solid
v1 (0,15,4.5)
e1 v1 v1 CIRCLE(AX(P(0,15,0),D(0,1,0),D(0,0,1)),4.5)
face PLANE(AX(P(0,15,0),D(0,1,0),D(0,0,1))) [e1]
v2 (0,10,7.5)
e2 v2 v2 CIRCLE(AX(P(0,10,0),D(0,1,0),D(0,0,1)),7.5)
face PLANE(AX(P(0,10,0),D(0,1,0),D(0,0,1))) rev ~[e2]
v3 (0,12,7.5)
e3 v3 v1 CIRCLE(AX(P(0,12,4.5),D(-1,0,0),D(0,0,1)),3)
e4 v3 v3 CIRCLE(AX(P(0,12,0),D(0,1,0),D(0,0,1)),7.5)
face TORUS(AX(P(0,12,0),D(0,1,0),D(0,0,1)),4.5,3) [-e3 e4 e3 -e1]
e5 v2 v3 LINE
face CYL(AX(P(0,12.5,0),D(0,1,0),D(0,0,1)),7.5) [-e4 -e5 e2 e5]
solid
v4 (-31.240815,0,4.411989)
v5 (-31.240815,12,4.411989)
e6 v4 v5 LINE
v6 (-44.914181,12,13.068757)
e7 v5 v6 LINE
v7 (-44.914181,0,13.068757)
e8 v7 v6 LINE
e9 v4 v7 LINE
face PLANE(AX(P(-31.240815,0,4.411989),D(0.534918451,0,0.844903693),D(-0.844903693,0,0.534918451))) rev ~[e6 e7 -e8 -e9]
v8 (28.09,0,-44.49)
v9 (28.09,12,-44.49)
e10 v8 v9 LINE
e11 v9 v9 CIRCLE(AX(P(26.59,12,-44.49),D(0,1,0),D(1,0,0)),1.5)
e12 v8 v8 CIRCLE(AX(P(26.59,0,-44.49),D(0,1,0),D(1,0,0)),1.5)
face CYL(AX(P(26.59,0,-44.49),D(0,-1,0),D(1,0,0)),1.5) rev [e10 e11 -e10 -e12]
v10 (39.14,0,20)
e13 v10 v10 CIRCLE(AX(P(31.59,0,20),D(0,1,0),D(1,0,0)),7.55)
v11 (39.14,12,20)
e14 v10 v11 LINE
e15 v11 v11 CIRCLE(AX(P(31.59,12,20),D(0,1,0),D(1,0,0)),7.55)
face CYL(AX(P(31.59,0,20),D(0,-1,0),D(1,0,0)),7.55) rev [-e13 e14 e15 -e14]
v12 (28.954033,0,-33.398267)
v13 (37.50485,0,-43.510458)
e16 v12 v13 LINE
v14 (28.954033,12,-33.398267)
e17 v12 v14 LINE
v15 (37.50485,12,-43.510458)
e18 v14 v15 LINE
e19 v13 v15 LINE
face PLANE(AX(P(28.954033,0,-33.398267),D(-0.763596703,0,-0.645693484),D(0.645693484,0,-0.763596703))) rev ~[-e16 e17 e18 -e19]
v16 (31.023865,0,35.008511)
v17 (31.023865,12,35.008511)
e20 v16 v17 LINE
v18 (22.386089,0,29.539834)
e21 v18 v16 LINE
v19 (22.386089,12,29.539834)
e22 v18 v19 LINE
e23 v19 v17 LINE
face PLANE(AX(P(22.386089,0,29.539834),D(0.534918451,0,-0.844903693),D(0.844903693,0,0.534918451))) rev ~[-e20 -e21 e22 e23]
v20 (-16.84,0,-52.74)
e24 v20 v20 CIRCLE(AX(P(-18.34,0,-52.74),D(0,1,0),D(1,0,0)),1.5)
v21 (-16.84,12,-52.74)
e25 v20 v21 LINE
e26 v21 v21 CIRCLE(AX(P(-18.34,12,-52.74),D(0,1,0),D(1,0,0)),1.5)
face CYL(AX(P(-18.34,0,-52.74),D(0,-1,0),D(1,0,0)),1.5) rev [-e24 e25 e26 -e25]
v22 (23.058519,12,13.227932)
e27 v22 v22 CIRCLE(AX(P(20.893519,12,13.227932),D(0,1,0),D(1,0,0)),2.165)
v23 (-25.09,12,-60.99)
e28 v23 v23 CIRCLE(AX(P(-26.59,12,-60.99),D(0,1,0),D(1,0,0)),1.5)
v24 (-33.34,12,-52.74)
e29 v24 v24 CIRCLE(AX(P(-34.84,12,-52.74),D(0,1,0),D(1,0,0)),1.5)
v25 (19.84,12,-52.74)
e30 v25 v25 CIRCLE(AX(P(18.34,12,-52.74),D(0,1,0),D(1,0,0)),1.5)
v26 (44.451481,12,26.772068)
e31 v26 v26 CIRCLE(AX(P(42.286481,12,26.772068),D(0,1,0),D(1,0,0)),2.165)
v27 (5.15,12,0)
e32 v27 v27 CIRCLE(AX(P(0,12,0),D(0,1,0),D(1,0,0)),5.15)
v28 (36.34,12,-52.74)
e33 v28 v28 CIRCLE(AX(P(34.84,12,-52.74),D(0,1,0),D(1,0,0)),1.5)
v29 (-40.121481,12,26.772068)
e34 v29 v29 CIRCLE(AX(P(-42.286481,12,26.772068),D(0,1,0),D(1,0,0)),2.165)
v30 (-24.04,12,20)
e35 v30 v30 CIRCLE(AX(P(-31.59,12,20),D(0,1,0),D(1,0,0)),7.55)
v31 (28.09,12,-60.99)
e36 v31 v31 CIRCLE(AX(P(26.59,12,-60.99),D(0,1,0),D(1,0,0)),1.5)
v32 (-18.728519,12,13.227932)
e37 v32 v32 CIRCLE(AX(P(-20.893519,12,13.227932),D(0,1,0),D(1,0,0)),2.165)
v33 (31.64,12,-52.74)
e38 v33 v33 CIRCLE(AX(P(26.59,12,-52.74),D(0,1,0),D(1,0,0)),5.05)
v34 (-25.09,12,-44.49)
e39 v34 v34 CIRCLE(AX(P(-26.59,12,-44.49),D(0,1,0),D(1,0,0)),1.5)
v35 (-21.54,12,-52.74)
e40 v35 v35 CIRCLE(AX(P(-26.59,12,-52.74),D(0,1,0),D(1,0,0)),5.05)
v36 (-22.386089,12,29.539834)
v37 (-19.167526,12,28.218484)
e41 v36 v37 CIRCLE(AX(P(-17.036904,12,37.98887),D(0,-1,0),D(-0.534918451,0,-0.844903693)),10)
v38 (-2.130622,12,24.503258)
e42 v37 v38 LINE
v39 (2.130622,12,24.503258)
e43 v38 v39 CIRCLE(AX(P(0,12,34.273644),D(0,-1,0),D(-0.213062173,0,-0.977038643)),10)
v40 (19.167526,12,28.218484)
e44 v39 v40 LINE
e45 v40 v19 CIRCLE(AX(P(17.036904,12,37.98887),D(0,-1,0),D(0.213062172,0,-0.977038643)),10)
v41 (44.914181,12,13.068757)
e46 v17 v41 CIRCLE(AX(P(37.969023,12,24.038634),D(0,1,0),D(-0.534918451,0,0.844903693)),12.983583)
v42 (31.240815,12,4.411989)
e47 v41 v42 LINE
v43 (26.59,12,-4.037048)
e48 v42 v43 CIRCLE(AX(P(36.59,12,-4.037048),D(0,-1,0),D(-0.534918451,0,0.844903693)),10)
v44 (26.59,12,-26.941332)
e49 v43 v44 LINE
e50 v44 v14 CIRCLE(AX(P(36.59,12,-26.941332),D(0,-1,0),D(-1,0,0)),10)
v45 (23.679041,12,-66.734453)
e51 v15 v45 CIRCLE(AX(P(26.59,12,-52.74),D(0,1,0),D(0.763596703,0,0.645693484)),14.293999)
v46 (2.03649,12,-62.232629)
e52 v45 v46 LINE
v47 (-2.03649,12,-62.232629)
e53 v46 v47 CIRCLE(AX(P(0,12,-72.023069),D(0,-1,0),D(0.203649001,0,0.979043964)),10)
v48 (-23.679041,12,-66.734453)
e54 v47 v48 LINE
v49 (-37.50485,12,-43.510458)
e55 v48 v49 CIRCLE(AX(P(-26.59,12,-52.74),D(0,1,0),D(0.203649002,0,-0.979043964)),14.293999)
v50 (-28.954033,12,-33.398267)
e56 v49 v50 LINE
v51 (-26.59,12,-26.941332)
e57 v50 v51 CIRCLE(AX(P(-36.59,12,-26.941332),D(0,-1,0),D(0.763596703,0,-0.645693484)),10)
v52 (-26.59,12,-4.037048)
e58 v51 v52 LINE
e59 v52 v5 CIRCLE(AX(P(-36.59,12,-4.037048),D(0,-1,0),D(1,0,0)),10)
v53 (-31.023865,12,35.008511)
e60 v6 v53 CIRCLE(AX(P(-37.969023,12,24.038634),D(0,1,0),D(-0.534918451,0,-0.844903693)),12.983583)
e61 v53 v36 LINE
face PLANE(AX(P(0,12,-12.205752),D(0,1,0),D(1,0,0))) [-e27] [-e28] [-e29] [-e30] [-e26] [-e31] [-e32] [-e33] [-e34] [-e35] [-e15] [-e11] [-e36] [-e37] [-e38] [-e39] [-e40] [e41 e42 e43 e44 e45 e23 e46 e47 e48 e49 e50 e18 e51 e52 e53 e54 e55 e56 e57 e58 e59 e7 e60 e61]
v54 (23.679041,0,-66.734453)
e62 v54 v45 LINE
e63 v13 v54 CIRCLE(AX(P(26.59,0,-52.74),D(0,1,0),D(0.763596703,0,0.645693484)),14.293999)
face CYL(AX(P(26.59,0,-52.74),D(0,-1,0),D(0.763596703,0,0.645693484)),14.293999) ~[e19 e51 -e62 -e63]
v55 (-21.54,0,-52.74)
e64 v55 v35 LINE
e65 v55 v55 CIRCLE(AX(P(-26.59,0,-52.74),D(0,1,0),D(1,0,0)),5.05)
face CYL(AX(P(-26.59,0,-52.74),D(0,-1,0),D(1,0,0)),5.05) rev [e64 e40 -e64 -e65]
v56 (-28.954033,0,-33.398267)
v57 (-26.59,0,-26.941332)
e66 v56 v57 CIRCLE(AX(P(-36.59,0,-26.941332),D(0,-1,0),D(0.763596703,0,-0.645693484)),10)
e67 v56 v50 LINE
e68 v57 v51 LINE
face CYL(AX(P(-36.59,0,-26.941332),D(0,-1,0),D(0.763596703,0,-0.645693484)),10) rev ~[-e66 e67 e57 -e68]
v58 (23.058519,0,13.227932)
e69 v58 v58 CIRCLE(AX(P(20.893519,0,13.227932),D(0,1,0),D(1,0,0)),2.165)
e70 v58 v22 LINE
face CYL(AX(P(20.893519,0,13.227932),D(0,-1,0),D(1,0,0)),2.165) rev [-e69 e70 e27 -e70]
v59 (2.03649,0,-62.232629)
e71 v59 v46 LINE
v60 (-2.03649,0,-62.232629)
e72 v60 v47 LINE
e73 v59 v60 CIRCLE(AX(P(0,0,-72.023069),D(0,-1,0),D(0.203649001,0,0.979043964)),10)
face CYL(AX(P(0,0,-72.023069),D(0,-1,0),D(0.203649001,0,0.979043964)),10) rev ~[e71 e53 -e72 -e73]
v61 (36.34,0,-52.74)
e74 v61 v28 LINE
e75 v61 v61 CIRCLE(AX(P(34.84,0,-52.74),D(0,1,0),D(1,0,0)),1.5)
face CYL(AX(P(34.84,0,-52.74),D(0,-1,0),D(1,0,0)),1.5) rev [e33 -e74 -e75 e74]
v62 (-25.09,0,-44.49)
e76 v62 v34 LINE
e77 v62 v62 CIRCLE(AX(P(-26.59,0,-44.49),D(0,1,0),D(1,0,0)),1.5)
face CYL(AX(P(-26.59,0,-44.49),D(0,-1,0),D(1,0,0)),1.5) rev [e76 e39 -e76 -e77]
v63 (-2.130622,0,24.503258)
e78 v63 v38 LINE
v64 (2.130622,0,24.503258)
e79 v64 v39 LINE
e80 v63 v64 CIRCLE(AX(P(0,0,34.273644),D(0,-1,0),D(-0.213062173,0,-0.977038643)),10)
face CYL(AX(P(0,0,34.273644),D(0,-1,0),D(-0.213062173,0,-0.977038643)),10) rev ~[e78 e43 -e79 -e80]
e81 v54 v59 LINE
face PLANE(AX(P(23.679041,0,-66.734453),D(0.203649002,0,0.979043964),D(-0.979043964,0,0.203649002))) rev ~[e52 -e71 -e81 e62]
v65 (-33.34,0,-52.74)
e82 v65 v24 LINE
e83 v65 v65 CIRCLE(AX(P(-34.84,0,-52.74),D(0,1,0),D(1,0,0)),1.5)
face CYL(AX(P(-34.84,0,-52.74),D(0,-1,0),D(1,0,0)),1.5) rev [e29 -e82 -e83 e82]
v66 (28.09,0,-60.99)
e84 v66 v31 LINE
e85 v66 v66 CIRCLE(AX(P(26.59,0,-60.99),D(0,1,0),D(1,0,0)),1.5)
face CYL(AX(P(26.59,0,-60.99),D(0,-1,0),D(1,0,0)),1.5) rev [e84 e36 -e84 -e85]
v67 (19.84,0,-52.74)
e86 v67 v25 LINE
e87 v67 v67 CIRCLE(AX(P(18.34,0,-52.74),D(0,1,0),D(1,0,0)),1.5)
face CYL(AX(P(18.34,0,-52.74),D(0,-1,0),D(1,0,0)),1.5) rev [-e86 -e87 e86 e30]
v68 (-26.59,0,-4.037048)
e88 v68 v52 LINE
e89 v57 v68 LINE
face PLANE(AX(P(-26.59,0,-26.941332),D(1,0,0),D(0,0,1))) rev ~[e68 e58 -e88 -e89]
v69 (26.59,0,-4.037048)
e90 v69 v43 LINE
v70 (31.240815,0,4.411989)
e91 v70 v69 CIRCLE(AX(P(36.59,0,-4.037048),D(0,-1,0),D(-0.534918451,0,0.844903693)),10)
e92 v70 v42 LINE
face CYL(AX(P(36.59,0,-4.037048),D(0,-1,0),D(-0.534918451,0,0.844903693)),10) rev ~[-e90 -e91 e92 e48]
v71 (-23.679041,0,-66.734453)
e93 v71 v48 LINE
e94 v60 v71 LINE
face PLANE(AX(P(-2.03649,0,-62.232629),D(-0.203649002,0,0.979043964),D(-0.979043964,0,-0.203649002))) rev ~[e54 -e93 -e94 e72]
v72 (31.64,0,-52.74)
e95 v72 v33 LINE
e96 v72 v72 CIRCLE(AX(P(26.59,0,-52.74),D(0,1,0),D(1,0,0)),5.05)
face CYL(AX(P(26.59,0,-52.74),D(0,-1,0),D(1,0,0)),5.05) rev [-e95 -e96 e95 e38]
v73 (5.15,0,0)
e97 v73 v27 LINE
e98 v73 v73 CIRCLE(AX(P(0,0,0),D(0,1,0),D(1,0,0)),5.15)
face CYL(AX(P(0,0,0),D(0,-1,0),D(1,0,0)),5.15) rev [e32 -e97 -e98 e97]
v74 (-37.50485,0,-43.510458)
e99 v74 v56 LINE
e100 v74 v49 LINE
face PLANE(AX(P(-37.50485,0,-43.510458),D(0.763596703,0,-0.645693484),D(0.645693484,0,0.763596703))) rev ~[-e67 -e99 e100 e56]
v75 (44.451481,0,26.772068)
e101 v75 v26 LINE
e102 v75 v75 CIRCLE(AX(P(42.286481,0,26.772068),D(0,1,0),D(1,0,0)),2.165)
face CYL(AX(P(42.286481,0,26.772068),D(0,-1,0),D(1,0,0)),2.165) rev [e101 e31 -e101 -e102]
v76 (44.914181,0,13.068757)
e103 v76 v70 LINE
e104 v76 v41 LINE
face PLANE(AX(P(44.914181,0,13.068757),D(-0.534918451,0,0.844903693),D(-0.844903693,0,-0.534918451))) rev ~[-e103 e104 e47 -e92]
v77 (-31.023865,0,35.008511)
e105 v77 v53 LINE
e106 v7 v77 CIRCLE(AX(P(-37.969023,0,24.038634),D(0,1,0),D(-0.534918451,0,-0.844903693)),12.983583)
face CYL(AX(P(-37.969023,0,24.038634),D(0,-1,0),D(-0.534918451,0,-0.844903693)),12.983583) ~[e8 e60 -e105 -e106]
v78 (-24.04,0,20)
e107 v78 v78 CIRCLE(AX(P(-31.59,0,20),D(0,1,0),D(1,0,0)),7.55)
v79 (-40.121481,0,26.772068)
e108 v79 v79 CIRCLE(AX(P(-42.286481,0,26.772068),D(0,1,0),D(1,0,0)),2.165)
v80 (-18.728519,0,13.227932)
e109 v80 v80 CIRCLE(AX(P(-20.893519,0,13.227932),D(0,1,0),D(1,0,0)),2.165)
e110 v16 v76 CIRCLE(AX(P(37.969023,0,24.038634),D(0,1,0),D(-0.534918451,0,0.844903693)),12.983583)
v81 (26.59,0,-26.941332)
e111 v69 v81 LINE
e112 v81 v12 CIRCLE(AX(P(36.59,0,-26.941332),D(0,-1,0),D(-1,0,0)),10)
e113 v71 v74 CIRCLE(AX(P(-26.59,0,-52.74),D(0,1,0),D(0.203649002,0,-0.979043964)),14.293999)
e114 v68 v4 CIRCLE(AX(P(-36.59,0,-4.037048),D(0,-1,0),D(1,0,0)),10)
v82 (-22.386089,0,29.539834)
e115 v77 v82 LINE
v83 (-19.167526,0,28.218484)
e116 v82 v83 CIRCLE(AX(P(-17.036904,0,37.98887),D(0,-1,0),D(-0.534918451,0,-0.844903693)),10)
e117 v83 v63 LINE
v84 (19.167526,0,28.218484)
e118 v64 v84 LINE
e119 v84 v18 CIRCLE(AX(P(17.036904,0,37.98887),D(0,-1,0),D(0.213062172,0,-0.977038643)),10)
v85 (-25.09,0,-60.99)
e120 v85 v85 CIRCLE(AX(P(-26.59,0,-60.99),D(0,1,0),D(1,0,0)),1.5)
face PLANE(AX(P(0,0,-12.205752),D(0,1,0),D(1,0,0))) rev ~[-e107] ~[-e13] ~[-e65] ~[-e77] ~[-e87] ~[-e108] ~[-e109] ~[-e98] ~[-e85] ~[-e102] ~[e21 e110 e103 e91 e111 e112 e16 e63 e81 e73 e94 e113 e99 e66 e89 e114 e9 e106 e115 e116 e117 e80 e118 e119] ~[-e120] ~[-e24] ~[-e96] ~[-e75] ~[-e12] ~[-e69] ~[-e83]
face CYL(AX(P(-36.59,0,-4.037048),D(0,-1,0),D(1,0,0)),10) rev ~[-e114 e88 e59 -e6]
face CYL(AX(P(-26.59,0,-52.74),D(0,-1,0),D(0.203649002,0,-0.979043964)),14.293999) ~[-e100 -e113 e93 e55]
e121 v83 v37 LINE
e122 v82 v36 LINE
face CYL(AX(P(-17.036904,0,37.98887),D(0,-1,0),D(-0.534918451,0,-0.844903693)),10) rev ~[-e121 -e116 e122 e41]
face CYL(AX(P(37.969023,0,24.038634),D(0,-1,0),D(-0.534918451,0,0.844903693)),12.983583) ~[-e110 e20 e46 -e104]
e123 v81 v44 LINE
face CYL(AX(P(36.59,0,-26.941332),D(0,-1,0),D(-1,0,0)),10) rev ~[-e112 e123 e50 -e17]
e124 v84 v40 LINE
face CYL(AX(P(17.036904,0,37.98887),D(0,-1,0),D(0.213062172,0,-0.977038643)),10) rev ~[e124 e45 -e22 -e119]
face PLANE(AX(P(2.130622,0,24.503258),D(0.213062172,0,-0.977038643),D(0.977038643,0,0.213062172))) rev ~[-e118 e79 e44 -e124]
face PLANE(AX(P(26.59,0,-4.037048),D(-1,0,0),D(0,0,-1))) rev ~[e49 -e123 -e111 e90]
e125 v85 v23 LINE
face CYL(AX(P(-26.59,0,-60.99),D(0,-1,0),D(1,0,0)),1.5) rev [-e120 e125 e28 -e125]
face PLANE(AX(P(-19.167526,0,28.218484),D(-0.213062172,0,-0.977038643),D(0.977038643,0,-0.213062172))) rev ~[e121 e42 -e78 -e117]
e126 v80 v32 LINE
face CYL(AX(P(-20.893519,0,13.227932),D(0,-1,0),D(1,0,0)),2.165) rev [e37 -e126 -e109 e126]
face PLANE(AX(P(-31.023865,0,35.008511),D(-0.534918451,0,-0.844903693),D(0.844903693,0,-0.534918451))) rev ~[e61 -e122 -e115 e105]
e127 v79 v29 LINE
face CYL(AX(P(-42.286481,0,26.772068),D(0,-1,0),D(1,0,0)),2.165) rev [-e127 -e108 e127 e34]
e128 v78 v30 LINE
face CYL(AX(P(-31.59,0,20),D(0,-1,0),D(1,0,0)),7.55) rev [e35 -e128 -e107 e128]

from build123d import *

# Parameters (mm, degrees)
SKETCH1_R           = 5.15
SKETCH1_R_2         = 7.55
SKETCH1_R_3         = 5.05
SKETCH1_R_4         = 1.5
SKETCH1_R_5         = 2.165
BOSS_EXTRUDE1_DEPTH = 12
SKETCH2_ONE_SIDE_W  = 7.5
SKETCH2_ONE_SIDE_H  = 5
FILLET1_R           = 3


with BuildPart() as part:
    # Sketch1 → Boss-Extrude1 (new body)
    with BuildSketch(Plane(origin=(0, 0, 0), x_dir=(1, 0, 0), z_dir=(0, 1, 0))):
        with BuildLine():
            Line((-2.036490016, 62.232628927), (-23.679041405, 66.734453302))
            ThreePointArc((-23.679041405, 66.734453302), (-38.872266056, 60.051931597), (-37.504850395, 43.510458082))
            Line((-37.504850395, 43.510458082), (-28.95403297, 33.398266841))
            ThreePointArc((-28.95403297, 33.398266841), (-27.199588127, 30.379378664), (-26.59, 26.941332001))
            Line((-26.59, 26.941332001), (-26.59, 4.037047599))
            ThreePointArc((-26.59, 4.037047599), (-27.829524982, -0.785200575), (-31.240815491, -4.411989333))
            Line((-31.240815491, -4.411989333), (-44.914180747, -13.06875746))
            ThreePointArc((-44.914180747, -13.06875746), (-48.938899729, -30.983792167), (-31.023865021, -35.008511149))
            Line((-31.023865021, -35.008511149), (-22.386088755, -29.539833551))
            ThreePointArc((-22.386088755, -29.539833551), (-20.83471499, -28.738106539), (-19.167525971, -28.21848405))
            Line((-19.167525971, -28.21848405), (-2.130621725, -24.503257579))
            ThreePointArc((-2.130621725, -24.503257579), (0, -24.273644012), (2.130621725, -24.503257579))
            Line((2.130621725, -24.503257579), (19.167525971, -28.21848405))
            ThreePointArc((19.167525971, -28.21848405), (20.83471499, -28.738106539), (22.386088755, -29.539833551))
            Line((22.386088755, -29.539833551), (31.023865021, -35.008511149))
            ThreePointArc((31.023865021, -35.008511149), (48.938899729, -30.983792167), (44.914180747, -13.06875746))
            Line((44.914180747, -13.06875746), (31.240815491, -4.411989333))
            ThreePointArc((31.240815491, -4.411989333), (27.829524982, -0.785200575), (26.59, 4.037047599))
            Line((26.59, 4.037047599), (26.59, 26.941332001))
            ThreePointArc((26.59, 26.941332001), (27.199588127, 30.379378664), (28.95403297, 33.398266841))
            Line((28.95403297, 33.398266841), (37.504850395, 43.510458082))
            ThreePointArc((37.504850395, 43.510458082), (38.872266056, 60.051931597), (23.679041405, 66.734453302))
            Line((23.679041405, 66.734453302), (2.036490016, 62.232628927))
            ThreePointArc((2.036490016, 62.232628927), (0, 62.023068571), (-2.036490016, 62.232628927))
        make_face()
        Circle(SKETCH1_R, mode=Mode.SUBTRACT)
        with Locations((-31.59, -20)):
            Circle(SKETCH1_R_2, mode=Mode.SUBTRACT)
        with Locations((-26.59, 52.74)):
            Circle(SKETCH1_R_3, mode=Mode.SUBTRACT)
        with Locations((-26.59, 60.99)):
            Circle(SKETCH1_R_4, mode=Mode.SUBTRACT)
        with Locations((-18.34, 52.74)):
            Circle(SKETCH1_R_4, mode=Mode.SUBTRACT)
        with Locations((-26.59, 44.49)):
            Circle(SKETCH1_R_4, mode=Mode.SUBTRACT)
        with Locations((-34.84, 52.74)):
            Circle(SKETCH1_R_4, mode=Mode.SUBTRACT)
        with Locations((-42.286480756, -26.772067589)):
            Circle(SKETCH1_R_5, mode=Mode.SUBTRACT)
        with Locations((-20.893519244, -13.227932411)):
            Circle(SKETCH1_R_5, mode=Mode.SUBTRACT)
        with Locations((20.893519244, -13.227932411)):
            Circle(SKETCH1_R_5, mode=Mode.SUBTRACT)
        with Locations((42.286480756, -26.772067589)):
            Circle(SKETCH1_R_5, mode=Mode.SUBTRACT)
        with Locations((34.84, 52.74)):
            Circle(SKETCH1_R_4, mode=Mode.SUBTRACT)
        with Locations((26.59, 44.49)):
            Circle(SKETCH1_R_4, mode=Mode.SUBTRACT)
        with Locations((18.34, 52.74)):
            Circle(SKETCH1_R_4, mode=Mode.SUBTRACT)
        with Locations((26.59, 60.99)):
            Circle(SKETCH1_R_4, mode=Mode.SUBTRACT)
        with Locations((26.59, 52.74)):
            Circle(SKETCH1_R_3, mode=Mode.SUBTRACT)
        with Locations((31.59, -20)):
            Circle(SKETCH1_R_2, mode=Mode.SUBTRACT)
    extrude(amount=BOSS_EXTRUDE1_DEPTH)


with BuildPart() as body_2:
    # Sketch2 one side → Revolve1 (revolve)
    with BuildSketch(Plane(origin=(0, 0, 0), x_dir=(0, 0, -1), z_dir=(1, 0, 0))):
        with Locations((-3.75, 12.5)):
            Rectangle(SKETCH2_ONE_SIDE_W, SKETCH2_ONE_SIDE_H)
    revolve(axis=Axis((0, 0, 0), (0, 1, 0)))

    # Fillet1
    fillet1_edges = [body_2.edges().sort_by_distance(p)[0] for p in [
        (0, 15, -7.5),
    ]]
    fillet(fillet1_edges, radius=FILLET1_R)


solid = Compound([part.part, body_2.part])
